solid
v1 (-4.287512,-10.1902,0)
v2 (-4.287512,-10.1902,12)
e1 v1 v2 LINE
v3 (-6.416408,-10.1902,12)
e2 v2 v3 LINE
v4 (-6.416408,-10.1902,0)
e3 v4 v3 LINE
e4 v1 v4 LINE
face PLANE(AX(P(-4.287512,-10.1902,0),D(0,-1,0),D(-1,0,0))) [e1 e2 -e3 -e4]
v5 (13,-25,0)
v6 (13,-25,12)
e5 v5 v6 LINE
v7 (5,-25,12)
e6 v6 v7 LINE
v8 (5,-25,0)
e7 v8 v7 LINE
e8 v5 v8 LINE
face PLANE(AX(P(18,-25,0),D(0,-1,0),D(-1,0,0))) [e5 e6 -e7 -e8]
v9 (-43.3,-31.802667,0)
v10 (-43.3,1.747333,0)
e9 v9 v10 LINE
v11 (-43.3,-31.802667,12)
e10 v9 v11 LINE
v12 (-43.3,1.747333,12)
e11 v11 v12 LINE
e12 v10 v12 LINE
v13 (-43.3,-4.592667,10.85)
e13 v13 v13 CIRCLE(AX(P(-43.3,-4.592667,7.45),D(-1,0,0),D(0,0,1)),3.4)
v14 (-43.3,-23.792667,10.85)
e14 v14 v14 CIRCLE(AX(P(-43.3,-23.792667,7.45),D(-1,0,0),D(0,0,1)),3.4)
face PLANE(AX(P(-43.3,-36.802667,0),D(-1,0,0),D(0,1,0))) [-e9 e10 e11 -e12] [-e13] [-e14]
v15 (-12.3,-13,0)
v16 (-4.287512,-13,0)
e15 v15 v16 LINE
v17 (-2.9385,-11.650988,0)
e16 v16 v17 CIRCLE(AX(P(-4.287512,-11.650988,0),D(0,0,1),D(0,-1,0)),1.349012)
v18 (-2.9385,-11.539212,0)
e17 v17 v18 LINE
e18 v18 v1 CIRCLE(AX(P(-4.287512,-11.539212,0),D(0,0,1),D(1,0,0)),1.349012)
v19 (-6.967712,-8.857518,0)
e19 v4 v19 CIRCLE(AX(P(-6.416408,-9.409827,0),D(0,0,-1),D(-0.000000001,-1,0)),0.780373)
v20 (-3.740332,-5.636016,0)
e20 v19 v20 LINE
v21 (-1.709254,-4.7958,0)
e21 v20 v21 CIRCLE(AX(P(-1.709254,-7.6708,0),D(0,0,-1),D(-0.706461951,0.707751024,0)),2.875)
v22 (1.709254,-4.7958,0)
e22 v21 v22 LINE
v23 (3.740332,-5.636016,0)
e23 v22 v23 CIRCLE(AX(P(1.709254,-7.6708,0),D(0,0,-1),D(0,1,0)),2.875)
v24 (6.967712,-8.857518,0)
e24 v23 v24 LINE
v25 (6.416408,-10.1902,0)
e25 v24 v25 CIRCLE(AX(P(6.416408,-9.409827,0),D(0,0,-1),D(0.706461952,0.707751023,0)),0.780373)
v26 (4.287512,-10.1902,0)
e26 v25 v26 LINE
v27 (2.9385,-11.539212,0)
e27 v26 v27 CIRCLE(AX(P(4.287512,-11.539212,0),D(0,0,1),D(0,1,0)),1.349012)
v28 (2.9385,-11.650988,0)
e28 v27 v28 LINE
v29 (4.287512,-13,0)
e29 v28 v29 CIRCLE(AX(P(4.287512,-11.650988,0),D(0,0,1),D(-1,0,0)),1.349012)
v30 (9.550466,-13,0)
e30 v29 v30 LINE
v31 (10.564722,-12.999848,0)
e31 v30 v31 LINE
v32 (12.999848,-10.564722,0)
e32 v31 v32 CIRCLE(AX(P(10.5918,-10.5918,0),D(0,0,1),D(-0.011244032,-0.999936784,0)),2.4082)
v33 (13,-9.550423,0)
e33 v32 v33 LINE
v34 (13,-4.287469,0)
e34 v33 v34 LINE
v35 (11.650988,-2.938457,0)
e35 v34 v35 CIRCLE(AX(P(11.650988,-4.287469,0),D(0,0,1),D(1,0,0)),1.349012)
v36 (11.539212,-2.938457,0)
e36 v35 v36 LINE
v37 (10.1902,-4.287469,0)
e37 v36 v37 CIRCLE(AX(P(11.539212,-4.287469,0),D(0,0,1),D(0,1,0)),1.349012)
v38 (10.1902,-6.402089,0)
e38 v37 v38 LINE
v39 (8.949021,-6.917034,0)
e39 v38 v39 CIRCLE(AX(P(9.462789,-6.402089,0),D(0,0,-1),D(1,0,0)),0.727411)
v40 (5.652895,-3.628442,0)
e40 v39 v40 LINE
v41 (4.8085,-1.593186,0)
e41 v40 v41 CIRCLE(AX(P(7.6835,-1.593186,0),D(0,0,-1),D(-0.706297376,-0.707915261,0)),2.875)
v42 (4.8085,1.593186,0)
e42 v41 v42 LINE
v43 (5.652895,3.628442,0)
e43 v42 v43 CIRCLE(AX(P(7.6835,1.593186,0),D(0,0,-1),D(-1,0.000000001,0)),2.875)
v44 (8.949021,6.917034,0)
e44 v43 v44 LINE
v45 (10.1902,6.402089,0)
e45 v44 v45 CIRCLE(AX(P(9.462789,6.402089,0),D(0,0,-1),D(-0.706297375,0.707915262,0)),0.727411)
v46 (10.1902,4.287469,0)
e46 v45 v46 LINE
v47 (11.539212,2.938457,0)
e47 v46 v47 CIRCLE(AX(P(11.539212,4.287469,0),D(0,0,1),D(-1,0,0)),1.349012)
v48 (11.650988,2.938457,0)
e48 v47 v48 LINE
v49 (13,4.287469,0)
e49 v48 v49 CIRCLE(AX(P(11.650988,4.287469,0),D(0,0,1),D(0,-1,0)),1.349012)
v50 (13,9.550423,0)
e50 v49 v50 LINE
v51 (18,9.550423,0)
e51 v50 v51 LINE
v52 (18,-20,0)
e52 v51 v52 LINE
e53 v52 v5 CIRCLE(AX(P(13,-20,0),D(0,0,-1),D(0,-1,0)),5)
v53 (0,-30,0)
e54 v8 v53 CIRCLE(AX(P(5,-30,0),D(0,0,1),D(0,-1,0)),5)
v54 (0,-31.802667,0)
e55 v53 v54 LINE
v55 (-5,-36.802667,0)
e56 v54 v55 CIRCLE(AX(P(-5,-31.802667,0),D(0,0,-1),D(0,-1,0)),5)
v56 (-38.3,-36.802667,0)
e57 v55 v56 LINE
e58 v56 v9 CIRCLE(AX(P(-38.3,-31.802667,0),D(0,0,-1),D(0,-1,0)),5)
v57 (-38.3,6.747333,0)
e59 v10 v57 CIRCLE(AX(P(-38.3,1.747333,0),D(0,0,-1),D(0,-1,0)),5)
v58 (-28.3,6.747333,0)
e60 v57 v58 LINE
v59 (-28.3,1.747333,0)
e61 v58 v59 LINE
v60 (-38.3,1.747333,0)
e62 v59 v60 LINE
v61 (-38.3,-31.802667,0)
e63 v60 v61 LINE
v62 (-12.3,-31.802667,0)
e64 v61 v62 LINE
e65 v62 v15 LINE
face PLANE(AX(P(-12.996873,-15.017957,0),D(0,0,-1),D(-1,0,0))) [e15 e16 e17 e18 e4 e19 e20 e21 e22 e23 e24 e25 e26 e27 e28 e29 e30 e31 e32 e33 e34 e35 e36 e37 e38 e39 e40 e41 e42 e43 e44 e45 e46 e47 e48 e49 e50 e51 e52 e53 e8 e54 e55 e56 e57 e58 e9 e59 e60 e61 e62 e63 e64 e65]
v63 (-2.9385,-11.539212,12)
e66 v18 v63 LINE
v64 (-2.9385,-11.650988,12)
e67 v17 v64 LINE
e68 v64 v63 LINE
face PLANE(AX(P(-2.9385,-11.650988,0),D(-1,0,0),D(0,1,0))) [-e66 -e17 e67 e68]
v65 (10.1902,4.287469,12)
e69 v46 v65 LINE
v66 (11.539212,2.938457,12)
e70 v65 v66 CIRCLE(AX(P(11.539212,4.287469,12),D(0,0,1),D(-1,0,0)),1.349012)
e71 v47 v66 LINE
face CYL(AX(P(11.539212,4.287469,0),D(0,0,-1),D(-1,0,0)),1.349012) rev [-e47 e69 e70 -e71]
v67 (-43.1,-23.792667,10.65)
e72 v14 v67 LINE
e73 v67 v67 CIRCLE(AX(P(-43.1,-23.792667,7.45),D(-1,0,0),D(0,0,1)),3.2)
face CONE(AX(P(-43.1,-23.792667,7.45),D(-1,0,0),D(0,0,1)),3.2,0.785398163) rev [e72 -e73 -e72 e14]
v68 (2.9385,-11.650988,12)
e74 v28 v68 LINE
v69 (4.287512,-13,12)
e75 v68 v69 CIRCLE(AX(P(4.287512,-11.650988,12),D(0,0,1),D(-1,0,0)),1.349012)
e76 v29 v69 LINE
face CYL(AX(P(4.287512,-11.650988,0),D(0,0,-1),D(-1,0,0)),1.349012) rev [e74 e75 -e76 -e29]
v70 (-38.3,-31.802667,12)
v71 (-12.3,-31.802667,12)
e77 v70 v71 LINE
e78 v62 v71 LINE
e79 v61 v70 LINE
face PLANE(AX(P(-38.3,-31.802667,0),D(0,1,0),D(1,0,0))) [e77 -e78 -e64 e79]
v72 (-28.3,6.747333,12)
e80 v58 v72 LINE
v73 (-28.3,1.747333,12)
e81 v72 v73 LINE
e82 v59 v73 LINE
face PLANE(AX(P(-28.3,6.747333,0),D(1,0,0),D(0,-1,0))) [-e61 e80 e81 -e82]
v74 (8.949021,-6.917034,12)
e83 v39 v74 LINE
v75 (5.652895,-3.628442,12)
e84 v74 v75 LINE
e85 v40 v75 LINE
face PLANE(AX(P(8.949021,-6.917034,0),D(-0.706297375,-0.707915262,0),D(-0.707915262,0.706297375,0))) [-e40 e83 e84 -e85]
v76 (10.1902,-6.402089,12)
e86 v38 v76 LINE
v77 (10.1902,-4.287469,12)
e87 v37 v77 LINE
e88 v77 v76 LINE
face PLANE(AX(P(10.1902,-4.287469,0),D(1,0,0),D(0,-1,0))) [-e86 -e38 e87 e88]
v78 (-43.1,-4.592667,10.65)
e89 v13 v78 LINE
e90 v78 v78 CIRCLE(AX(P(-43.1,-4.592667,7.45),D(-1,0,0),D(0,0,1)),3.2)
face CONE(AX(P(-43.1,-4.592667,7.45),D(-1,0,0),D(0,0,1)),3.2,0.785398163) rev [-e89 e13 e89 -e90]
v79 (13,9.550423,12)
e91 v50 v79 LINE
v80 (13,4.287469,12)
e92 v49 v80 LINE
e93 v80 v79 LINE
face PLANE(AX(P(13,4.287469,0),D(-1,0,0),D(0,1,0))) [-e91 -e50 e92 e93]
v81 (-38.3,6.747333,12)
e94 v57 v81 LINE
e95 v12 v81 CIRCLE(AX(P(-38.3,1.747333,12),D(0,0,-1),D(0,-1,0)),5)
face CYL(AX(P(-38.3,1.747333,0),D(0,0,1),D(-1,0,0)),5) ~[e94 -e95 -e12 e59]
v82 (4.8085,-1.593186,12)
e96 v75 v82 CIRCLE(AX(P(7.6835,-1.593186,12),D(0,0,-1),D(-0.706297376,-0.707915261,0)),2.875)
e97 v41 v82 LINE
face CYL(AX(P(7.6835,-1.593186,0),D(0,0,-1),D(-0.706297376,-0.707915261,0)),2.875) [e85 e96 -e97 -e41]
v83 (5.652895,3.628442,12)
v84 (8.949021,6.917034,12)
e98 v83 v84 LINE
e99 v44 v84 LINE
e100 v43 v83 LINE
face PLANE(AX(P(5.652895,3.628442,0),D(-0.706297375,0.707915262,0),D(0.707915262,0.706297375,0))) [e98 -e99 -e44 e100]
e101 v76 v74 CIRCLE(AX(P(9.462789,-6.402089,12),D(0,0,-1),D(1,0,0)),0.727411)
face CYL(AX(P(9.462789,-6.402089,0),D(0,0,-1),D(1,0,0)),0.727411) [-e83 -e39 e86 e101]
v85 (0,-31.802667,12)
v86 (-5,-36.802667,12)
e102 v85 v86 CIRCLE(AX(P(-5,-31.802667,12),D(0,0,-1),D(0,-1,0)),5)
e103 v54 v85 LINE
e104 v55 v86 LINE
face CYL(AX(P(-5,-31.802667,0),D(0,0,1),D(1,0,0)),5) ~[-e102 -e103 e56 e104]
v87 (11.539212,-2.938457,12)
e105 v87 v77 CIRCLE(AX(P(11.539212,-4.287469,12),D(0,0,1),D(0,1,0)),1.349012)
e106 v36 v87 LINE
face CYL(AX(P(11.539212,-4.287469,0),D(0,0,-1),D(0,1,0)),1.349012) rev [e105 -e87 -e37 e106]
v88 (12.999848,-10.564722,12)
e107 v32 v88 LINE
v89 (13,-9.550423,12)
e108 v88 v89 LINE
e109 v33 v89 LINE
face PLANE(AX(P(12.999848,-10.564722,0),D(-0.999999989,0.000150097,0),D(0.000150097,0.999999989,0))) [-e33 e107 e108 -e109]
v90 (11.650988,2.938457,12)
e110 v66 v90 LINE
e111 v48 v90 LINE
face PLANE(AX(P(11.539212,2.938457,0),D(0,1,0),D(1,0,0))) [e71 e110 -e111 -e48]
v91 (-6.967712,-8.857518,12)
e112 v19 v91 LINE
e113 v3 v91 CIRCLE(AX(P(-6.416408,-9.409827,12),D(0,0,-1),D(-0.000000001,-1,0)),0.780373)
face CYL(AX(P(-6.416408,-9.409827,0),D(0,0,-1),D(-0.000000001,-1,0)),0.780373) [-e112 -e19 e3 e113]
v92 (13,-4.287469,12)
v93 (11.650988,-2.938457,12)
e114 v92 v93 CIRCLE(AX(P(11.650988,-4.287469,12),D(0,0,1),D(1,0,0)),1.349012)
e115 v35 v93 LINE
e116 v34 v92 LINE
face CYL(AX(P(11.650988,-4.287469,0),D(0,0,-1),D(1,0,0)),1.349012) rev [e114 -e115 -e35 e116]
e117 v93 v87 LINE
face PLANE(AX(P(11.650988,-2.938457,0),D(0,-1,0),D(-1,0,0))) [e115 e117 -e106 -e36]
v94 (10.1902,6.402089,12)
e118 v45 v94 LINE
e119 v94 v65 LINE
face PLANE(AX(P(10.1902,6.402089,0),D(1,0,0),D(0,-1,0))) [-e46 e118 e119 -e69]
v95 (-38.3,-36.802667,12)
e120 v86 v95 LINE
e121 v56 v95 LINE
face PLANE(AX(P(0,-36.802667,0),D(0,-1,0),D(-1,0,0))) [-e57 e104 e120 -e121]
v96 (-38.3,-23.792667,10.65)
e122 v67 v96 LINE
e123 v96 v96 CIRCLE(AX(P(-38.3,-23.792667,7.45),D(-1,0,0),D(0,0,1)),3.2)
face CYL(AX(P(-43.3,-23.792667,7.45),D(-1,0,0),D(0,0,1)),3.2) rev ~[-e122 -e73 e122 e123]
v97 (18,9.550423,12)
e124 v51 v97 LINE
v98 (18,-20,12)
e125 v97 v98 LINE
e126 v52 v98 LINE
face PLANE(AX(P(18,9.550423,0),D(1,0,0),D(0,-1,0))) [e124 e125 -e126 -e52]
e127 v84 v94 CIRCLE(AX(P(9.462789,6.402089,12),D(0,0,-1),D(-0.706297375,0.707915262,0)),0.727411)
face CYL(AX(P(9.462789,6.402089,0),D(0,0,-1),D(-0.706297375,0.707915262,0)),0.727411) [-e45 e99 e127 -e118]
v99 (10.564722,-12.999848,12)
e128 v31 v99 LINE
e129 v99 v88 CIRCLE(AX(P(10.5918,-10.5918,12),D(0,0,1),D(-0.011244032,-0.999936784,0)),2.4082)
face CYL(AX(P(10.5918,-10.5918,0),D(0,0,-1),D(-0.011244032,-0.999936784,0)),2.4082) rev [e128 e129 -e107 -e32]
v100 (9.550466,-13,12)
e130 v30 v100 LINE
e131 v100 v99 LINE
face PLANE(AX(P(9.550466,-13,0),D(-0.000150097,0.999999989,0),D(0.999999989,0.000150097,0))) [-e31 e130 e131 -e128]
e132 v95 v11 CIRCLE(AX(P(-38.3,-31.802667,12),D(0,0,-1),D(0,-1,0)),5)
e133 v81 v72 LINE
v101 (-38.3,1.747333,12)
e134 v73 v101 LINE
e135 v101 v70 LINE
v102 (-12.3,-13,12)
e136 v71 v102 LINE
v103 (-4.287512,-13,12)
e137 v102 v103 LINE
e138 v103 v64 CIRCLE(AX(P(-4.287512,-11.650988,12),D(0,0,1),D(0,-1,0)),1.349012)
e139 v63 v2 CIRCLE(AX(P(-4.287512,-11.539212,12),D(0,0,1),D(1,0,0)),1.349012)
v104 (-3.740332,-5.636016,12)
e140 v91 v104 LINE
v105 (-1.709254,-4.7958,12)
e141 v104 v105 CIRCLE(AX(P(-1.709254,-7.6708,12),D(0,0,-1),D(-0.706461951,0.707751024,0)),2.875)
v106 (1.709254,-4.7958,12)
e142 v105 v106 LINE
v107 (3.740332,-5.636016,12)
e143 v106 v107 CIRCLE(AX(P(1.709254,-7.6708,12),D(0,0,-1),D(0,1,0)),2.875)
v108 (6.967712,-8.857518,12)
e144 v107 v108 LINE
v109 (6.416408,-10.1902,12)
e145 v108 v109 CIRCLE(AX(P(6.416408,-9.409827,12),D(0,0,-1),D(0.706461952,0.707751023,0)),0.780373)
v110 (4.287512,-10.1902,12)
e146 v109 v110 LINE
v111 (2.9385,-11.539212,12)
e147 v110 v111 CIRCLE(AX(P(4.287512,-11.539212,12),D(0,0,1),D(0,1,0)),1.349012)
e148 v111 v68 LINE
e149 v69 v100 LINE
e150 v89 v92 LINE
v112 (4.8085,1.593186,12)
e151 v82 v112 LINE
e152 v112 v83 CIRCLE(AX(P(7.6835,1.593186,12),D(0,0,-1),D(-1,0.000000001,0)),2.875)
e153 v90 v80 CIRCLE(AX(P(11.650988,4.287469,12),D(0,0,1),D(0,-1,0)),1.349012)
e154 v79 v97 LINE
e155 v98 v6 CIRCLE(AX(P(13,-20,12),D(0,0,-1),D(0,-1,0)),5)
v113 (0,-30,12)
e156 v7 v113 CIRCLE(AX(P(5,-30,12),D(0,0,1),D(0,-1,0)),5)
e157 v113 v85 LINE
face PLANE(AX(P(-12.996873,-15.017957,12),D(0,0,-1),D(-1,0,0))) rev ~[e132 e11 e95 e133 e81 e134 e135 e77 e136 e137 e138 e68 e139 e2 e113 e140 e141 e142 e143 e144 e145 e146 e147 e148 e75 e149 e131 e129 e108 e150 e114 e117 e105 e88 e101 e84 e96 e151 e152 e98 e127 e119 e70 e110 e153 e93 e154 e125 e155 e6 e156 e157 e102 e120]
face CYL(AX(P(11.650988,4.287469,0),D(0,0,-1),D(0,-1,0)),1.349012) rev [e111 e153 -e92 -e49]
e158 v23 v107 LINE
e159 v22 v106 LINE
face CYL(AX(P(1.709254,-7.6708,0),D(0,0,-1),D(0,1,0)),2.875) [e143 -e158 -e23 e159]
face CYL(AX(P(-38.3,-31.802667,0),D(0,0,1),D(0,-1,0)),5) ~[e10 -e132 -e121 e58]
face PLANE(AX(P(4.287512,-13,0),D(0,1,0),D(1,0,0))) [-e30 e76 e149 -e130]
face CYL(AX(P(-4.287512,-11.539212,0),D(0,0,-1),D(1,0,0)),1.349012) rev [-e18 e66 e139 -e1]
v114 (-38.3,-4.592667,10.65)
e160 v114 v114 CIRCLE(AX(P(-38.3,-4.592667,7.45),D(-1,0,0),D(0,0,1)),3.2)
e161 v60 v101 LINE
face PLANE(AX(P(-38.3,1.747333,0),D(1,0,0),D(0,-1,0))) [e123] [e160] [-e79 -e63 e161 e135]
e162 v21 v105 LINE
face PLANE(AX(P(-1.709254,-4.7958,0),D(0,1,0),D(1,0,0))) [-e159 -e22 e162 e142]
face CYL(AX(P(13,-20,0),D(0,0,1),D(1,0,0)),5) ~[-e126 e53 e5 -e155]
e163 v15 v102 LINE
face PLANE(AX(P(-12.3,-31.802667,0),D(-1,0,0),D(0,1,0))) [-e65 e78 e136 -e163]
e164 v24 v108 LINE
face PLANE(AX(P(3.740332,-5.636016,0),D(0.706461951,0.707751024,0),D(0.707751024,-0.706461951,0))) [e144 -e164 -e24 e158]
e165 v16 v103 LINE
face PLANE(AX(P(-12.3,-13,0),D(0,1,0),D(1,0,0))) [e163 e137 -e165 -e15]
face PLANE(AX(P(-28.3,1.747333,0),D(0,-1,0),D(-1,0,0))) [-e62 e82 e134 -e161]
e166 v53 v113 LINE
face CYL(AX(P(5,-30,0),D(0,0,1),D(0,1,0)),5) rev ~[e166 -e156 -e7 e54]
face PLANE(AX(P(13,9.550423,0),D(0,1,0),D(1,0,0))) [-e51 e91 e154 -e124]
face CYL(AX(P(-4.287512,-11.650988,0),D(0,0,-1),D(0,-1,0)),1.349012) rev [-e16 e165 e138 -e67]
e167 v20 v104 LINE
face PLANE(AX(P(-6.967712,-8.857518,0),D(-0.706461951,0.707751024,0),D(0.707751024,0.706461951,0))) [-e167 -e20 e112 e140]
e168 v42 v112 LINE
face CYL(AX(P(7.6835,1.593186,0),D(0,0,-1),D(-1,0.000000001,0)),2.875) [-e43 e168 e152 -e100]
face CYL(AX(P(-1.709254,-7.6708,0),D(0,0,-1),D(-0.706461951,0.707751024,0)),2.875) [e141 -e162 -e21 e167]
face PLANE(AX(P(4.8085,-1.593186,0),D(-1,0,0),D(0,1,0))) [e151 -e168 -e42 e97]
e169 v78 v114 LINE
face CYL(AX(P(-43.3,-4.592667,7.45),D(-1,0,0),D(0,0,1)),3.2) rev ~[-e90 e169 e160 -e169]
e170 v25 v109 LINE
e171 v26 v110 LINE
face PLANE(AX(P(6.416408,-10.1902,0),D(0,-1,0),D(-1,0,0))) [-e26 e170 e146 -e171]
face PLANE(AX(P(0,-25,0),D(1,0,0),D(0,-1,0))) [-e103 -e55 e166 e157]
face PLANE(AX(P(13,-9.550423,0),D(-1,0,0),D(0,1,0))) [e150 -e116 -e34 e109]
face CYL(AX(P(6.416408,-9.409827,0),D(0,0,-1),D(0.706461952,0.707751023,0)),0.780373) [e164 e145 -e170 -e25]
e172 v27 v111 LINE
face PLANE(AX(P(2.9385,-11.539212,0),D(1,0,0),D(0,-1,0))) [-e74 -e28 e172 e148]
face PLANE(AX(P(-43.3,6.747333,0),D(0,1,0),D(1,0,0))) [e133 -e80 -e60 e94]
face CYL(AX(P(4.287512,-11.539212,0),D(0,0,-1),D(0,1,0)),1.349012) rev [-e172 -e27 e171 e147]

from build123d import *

# Parameters (mm, degrees)
BOSS_EXTRUDE1_DEPTH = 12
FILLET1_R           = 5
FILLET2_R           = 5
CUT_EXTRUDE1_REACH  = 74.499
SKETCH3_R           = 3.2
CHAMFER1_SIZE       = 0.2


with BuildPart() as part:
    # Sketch2 → Boss-Extrude1 (new body)
    with BuildSketch(Plane.XY):
        with BuildLine():
            Line((-10.5918, -13), (-5.317126718, -13))
            Line((-5.317126718, -13), (-4.287512407, -13))
            ThreePointArc((-4.287512407, -13), (-3.333616586, -12.604883414), (-2.9385, -11.650987593))
            Line((-2.9385, -11.650987593), (-2.9385, -11.539212407))
            ThreePointArc((-2.9385, -11.539212407), (-3.333616586, -10.585316586), (-4.287512407, -10.1902))
            Line((-4.287512407, -10.1902), (-6.416408329, -10.1902))
            ThreePointArc((-6.416408329, -10.1902), (-7.137514675, -9.708134418), (-6.967711912, -8.857517813))
            Line((-6.967711912, -8.857517813), (-3.740331666, -5.636015806))
            ThreePointArc((-3.740331666, -5.636015806), (-2.808257752, -5.01414519), (-1.709253557, -4.7958))
            Line((-1.709253557, -4.7958), (1.709253557, -4.7958))
            ThreePointArc((1.709253557, -4.7958), (2.808257752, -5.01414519), (3.740331666, -5.636015806))
            Line((3.740331666, -5.636015806), (6.967711912, -8.857517813))
            ThreePointArc((6.967711912, -8.857517813), (7.137514675, -9.708134418), (6.416408329, -10.1902))
            Line((6.416408329, -10.1902), (4.287512407, -10.1902))
            ThreePointArc((4.287512407, -10.1902), (3.333616586, -10.585316586), (2.9385, -11.539212407))
            Line((2.9385, -11.539212407), (2.9385, -11.650987593))
            ThreePointArc((2.9385, -11.650987593), (3.333616586, -12.604883414), (4.287512407, -13))
            Line((4.287512407, -13), (5.317126718, -13))
            Line((5.317126718, -13), (9.550465633, -13))
            Line((9.550465633, -13), (10.564722121, -12.999847763))
            ThreePointArc((10.564722121, -12.999847763), (12.294654751, -12.29465435), (12.999847757, -10.564721553))
            Line((12.999847757, -10.564721553), (13, -9.550422515))
            Line((13, -9.550422515), (13, -6.3330836))
            Line((13, -6.3330836), (13, -5.3170836))
            Line((13, -5.3170836), (13, -4.287469289))
            ThreePointArc((13, -4.287469289), (12.604883414, -3.333573468), (11.650987593, -2.938456882))
            Line((11.650987593, -2.938456882), (11.539212407, -2.938456882))
            ThreePointArc((11.539212407, -2.938456882), (10.585316586, -3.333573468), (10.1902, -4.287469289))
            Line((10.1902, -4.287469289), (10.1902, -6.402089023))
            ThreePointArc((10.1902, -6.402089023), (9.74154152, -7.073969797), (8.94902056, -6.917034355))
            Line((8.94902056, -6.917034355), (5.652895046, -3.628441884))
            ThreePointArc((5.652895046, -3.628441884), (5.027976112, -2.694919539), (4.8085, -1.593185507))
            Line((4.8085, -1.593185507), (4.8085, 1.593185507))
            ThreePointArc((4.8085, 1.593185507), (5.027976112, 2.694919539), (5.652895046, 3.628441884))
            Line((5.652895046, 3.628441884), (8.94902056, 6.917034355))
            ThreePointArc((8.94902056, 6.917034355), (9.74154152, 7.073969797), (10.1902, 6.402089023))
            Line((10.1902, 6.402089023), (10.1902, 4.287469289))
            ThreePointArc((10.1902, 4.287469289), (10.585316586, 3.333573468), (11.539212407, 2.938456882))
            Line((11.539212407, 2.938456882), (11.650987593, 2.938456882))
            ThreePointArc((11.650987593, 2.938456882), (12.604883414, 3.333573468), (13, 4.287469289))
            Line((13, 4.287469289), (13, 5.3170836))
            Line((13, 5.3170836), (13, 6.3330836))
            Line((13, 6.3330836), (13, 9.550422515))
            Line((13, 9.550422515), (18, 9.550422515))
            Line((18, 9.550422515), (18, -25))
            Line((18, -25), (0, -25))
            Line((0, -25), (0, -36.8026666))
            Line((0, -36.8026666), (-12, -36.8026666))
            Line((-12, -36.8026666), (-43.3, -36.8026666))
            Line((-43.3, -36.8026666), (-43.3, -31.8026666))
            Line((-43.3, -31.8026666), (-43.3, 6.7473334))
            Line((-43.3, 6.7473334), (-28.3, 6.7473334))
            Line((-28.3, 6.7473334), (-28.3, 1.7473334))
            Line((-28.3, 1.7473334), (-38.3, 1.7473334))
            Line((-38.3, 1.7473334), (-38.3, -31.8026666))
            Line((-38.3, -31.8026666), (-12.3, -31.8026666))
            Line((-12.3, -31.8026666), (-12.3, -13))
            Line((-12.3, -13), (-10.5918, -13))
        make_face()
    extrude(amount=BOSS_EXTRUDE1_DEPTH)

    # Fillet1
    fillet1_edges = [part.edges().sort_by_distance(p)[0] for p in [
        (0, -36.8026666, 6),
        (18, -25, 6),
        (0, -25, 6),
    ]]
    fillet(fillet1_edges, radius=FILLET1_R)

    # Fillet2
    fillet2_edges = [part.edges().sort_by_distance(p)[0] for p in [
        (-43.3, -36.8026666, 6),
        (-43.3, 6.7473334, 6),
    ]]
    fillet(fillet2_edges, radius=FILLET2_R)

    # Sketch3 → Cut-Extrude1 (cut, up to next)
    with BuildSketch(Plane.ZY.offset(43.3), mode=Mode.PRIVATE) as cut_extrude1_sk1:
        with Locations((7.45, -23.7926666)):
            Circle(SKETCH3_R)
    cut_extrude1_tool1 = extrude(cut_extrude1_sk1.sketch, amount=-CUT_EXTRUDE1_REACH, mode=Mode.PRIVATE) & part.part
    # Sketch3 → Cut-Extrude1 (cut, up to next)
    with BuildSketch(Plane.ZY.offset(43.3), mode=Mode.PRIVATE) as cut_extrude1_sk2:
        with Locations((7.45, -4.5926666)):
            Circle(SKETCH3_R)
    cut_extrude1_tool2 = extrude(cut_extrude1_sk2.sketch, amount=-CUT_EXTRUDE1_REACH, mode=Mode.PRIVATE) & part.part
    add(cut_extrude1_tool1.solids().sort_by_distance((-43.3, -23.792667, 7.45))[0], mode=Mode.SUBTRACT)
    add(cut_extrude1_tool2.solids().sort_by_distance((-43.3, -4.592667, 7.45))[0], mode=Mode.SUBTRACT)

    # Chamfer1
    chamfer1_edges = [part.edges().sort_by_distance(p)[0] for p in [
        (-43.3, -23.7926666, 4.25),
        (-43.3, -4.5926666, 4.25),
    ]]
    chamfer(chamfer1_edges, length=CHAMFER1_SIZE)


solid = part.part
